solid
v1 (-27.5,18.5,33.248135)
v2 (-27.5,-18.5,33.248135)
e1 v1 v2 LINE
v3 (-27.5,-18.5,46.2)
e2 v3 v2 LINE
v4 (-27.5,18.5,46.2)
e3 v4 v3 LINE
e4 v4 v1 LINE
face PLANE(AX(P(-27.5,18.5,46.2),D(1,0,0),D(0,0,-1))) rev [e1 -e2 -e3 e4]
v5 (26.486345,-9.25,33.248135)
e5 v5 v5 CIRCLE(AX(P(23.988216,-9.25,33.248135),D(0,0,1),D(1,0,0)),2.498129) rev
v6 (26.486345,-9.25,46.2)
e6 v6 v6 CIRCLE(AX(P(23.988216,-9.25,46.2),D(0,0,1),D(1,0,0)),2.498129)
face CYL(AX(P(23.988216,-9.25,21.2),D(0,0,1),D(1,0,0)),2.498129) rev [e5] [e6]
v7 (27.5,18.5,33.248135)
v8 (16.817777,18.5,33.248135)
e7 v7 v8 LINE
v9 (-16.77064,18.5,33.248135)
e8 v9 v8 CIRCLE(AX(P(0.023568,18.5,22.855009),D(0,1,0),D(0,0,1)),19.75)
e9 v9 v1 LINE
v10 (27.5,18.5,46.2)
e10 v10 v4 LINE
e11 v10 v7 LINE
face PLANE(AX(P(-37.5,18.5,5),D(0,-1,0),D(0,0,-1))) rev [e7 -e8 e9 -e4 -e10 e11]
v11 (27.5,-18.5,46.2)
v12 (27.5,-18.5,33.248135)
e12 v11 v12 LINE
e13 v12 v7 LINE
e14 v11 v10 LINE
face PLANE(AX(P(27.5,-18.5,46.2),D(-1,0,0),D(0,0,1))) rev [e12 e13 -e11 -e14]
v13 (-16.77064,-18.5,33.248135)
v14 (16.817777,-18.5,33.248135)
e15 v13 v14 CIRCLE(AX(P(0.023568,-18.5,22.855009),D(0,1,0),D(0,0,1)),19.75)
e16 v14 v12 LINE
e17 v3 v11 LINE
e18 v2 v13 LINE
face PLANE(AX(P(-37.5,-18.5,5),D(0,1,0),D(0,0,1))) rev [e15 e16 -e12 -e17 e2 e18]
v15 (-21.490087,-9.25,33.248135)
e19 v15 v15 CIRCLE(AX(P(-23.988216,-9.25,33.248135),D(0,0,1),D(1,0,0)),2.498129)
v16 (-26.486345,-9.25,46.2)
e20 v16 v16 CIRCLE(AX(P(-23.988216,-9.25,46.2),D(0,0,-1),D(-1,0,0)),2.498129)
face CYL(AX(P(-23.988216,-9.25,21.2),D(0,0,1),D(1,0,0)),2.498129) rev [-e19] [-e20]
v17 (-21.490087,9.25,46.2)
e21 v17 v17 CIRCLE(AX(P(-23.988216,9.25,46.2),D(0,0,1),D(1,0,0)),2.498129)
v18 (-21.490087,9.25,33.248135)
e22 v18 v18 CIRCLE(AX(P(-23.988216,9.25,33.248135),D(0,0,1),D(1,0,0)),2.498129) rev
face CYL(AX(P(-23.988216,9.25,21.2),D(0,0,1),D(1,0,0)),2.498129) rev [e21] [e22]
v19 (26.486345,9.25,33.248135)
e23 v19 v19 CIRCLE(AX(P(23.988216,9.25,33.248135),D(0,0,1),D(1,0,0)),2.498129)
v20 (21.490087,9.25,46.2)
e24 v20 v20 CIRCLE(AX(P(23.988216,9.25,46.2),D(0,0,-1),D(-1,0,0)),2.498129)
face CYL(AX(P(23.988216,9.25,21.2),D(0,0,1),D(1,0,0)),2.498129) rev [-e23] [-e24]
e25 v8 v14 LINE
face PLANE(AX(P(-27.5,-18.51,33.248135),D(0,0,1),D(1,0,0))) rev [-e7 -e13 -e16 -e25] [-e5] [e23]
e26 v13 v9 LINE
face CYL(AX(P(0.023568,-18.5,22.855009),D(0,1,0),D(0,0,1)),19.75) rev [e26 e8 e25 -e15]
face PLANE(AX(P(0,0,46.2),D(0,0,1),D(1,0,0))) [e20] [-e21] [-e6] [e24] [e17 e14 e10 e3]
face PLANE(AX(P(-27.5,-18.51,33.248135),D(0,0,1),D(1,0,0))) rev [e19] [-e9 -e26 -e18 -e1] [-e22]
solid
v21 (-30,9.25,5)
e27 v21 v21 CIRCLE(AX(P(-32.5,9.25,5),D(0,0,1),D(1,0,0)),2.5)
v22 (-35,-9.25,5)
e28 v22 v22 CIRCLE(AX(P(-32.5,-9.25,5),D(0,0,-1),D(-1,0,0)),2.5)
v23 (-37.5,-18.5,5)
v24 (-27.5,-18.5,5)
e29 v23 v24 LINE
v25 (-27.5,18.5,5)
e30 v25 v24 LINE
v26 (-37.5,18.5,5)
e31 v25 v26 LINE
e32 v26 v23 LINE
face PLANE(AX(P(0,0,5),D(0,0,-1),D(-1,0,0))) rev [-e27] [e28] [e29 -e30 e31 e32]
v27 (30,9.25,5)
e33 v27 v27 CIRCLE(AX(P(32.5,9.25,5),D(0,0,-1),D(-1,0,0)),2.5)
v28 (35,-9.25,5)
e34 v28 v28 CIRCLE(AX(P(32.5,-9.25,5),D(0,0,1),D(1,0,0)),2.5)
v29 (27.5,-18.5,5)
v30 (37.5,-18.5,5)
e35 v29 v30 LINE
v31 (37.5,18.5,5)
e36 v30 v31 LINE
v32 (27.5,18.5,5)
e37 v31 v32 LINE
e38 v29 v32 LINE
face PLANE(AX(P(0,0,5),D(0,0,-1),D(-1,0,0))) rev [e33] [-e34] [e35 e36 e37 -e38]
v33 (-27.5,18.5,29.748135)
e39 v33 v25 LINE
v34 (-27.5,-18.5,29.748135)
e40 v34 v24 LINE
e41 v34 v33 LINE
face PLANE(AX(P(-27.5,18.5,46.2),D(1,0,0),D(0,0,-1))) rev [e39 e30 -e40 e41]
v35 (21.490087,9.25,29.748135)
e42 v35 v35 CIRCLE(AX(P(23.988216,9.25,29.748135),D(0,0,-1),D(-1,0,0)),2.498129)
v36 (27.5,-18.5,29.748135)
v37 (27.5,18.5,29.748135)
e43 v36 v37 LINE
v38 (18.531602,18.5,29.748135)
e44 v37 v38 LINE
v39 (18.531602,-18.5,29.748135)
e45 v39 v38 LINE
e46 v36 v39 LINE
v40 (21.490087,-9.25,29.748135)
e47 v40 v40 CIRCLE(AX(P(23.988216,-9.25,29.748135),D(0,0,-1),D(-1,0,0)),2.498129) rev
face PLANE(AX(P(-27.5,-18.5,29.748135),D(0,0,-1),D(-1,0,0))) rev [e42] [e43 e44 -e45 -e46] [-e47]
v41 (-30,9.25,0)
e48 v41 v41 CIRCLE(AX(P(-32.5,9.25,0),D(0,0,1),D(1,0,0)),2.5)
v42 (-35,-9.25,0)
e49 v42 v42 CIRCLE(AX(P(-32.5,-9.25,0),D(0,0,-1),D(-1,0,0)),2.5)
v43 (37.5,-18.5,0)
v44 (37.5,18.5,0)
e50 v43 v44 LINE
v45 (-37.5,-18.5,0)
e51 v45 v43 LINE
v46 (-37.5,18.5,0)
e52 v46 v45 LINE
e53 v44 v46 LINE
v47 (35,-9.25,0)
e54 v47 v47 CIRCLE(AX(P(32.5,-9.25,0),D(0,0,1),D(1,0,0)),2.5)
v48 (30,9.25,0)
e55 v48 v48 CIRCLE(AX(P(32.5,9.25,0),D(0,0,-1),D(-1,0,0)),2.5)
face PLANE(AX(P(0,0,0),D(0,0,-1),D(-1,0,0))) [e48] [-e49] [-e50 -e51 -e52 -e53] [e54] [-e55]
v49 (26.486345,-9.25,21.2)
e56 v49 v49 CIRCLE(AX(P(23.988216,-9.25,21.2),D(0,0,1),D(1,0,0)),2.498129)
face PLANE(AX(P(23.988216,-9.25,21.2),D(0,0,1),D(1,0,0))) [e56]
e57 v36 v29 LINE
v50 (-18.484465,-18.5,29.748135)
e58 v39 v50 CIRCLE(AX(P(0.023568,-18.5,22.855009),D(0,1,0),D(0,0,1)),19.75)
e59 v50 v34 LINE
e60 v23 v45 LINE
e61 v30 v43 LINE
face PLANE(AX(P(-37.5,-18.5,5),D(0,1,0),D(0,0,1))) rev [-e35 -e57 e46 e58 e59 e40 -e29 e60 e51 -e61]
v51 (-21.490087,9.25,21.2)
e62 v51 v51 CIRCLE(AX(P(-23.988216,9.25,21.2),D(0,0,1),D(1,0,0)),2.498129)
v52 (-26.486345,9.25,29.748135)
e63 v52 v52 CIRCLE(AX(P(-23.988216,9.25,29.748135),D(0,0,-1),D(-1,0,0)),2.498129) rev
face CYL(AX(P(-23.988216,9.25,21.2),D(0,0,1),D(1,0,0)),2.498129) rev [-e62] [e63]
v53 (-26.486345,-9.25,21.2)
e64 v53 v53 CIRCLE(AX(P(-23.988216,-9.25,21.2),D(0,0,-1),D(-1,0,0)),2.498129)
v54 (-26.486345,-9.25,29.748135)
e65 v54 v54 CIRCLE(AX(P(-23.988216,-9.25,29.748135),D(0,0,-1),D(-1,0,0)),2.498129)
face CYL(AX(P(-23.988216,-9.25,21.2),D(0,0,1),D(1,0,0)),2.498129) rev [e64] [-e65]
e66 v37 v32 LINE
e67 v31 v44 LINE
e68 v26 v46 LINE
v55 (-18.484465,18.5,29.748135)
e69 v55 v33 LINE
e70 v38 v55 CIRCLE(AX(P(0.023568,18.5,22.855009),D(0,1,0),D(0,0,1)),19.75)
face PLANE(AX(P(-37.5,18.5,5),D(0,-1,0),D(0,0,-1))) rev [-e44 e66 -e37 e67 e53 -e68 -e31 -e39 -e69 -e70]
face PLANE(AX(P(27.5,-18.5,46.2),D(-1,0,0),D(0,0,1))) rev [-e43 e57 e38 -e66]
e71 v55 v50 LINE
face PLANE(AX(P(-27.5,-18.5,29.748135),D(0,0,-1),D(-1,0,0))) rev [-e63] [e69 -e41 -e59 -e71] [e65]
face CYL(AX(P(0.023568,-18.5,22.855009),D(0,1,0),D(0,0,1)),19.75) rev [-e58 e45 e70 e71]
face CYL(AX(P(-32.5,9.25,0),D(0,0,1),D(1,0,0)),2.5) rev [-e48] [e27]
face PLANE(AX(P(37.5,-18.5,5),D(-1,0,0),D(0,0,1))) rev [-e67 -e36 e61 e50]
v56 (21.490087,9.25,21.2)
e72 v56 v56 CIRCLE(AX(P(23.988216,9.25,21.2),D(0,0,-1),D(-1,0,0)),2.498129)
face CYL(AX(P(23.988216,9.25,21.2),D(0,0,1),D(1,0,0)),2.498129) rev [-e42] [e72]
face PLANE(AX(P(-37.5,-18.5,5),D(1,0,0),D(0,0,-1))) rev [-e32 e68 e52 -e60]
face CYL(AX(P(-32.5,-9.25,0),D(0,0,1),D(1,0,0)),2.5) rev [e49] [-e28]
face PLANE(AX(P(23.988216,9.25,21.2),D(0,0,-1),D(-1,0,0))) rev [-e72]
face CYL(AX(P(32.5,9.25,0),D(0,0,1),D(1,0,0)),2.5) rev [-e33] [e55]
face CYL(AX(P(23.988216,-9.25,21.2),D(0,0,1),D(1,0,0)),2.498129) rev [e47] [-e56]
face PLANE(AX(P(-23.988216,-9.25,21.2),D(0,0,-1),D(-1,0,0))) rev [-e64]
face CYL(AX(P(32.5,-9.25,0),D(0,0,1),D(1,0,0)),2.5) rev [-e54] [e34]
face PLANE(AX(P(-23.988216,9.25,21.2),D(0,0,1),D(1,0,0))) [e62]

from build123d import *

# Parameters (mm, degrees)
SKETCH1_W              = 75
SKETCH1_H              = 37
BOSS_EXTRUDE1_DEPTH    = 5
SKETCH19_W             = 55
SKETCH19_H             = 37
BOSS_EXTRUDE5_DEPTH    = 41.2
SKETCH20_R             = 19.75
CUT_EXTRUDE7_DEPTH     = 71.069180101
SKETCH22_R             = 2.498129319
CUT_EXTRUDE8_DEPTH     = 25
SPLIT1_SURFACE_1_BACK  = 96.543
SPLIT1_SURFACE_1_DEPTH = 193.086
SPLIT1_SURFACE_2_BACK  = 96.543
SPLIT1_SURFACE_2_DEPTH = 193.086
SKETCH23_R             = 2.5
CUT_EXTRUDE9_DEPTH     = 59.702129433
SKETCH24_W             = 55
SKETCH24_H             = 3.5
CUT_EXTRUDE10_DEPTH    = 71.069180101


with BuildPart() as part:
    # Sketch1 → Boss-Extrude1 (new body)
    with BuildSketch(Plane.XY):
        Rectangle(SKETCH1_W, SKETCH1_H)
    extrude(amount=BOSS_EXTRUDE1_DEPTH)

    # Sketch19 → Boss-Extrude5 (add)
    with BuildSketch(Plane.XY.offset(5)):
        Rectangle(SKETCH19_W, SKETCH19_H)
    extrude(amount=BOSS_EXTRUDE5_DEPTH)

    # Sketch20 → Cut-Extrude7 (cut, through all)
    with BuildSketch(Plane(origin=(0, 18.5, 0), x_dir=(1, 0, 0), z_dir=(0, 1, 0))):
        with Locations(Location((0.023568345, -22.855008575, 0), (0, 0, 270))):
            Circle(SKETCH20_R)
    extrude(amount=-CUT_EXTRUDE7_DEPTH, mode=Mode.SUBTRACT)

    # Sketch22 → Cut-Extrude8 (cut)
    with BuildSketch(Plane.XY.offset(46.2)):
        with Locations((-23.988215828, 9.25)):
            Circle(SKETCH22_R)
        with Locations(Location((-23.988215828, -9.25, 0), (0, 0, 180))):
            Circle(SKETCH22_R)
        with Locations((23.988215828, -9.25)):
            Circle(SKETCH22_R)
        with Locations(Location((23.988215828, 9.25, 0), (0, 0, 180))):
            Circle(SKETCH22_R)
    extrude(amount=-CUT_EXTRUDE8_DEPTH, mode=Mode.SUBTRACT)


with BuildPart() as body_2:
    # Split1: the piece behind the surface
    add(part.part)
    # Split1 surface: a surface, the sketch's curves swept straight by 193.086 mm
    with BuildLine(Plane(origin=(0, 18.5, 0), x_dir=(1, 0, 0), z_dir=(0, 1, 0)).offset(-SPLIT1_SURFACE_1_BACK), mode=Mode.PRIVATE) as split1_surface_1_path:
        Line((-27.5, -33.248134685), (27.5, -33.248134685))
    split1_surface_1 = Shell.extrude(split1_surface_1_path.wire(), (0 * SPLIT1_SURFACE_1_DEPTH, 1 * SPLIT1_SURFACE_1_DEPTH, 0 * SPLIT1_SURFACE_1_DEPTH))
    split(bisect_by=split1_surface_1, keep=Keep.BOTTOM)


with BuildPart() as part_1:
    add(part.part)

    # Split1: split by a surface, the side it looks to stays
    # Split1 surface: a surface, the sketch's curves swept straight by 193.086 mm
    with BuildLine(Plane(origin=(0, 18.5, 0), x_dir=(1, 0, 0), z_dir=(0, 1, 0)).offset(-SPLIT1_SURFACE_2_BACK), mode=Mode.PRIVATE) as split1_surface_2_path:
        Line((-27.5, -33.248134685), (27.5, -33.248134685))
    split1_surface_2 = Shell.extrude(split1_surface_2_path.wire(), (0 * SPLIT1_SURFACE_2_DEPTH, 1 * SPLIT1_SURFACE_2_DEPTH, 0 * SPLIT1_SURFACE_2_DEPTH))
    split(bisect_by=split1_surface_2, keep=Keep.TOP)

    # Sketch23 → Cut-Extrude9 (cut, through all)
    with BuildSketch(Plane.XY.offset(5)):
        with Locations((32.5, -9.25)):
            Circle(SKETCH23_R)
        with Locations(Location((32.5, 9.25, 0), (0, 0, 180))):
            Circle(SKETCH23_R)
        with Locations(Location((-32.5, -9.25, 0), (0, 0, 180))):
            Circle(SKETCH23_R)
        with Locations((-32.5, 9.25)):
            Circle(SKETCH23_R)
    extrude(amount=-CUT_EXTRUDE9_DEPTH, mode=Mode.SUBTRACT)

    # Sketch24 → Cut-Extrude10 (cut, through all)
    with BuildSketch(Plane(origin=(0, 18.5, 0), x_dir=(1, 0, 0), z_dir=(0, 1, 0))):
        with Locations((0, -31.498134685)):
            Rectangle(SKETCH24_W, SKETCH24_H)
    extrude(amount=-CUT_EXTRUDE10_DEPTH, mode=Mode.SUBTRACT)


solid = Compound([body_2.part, part_1.part])
